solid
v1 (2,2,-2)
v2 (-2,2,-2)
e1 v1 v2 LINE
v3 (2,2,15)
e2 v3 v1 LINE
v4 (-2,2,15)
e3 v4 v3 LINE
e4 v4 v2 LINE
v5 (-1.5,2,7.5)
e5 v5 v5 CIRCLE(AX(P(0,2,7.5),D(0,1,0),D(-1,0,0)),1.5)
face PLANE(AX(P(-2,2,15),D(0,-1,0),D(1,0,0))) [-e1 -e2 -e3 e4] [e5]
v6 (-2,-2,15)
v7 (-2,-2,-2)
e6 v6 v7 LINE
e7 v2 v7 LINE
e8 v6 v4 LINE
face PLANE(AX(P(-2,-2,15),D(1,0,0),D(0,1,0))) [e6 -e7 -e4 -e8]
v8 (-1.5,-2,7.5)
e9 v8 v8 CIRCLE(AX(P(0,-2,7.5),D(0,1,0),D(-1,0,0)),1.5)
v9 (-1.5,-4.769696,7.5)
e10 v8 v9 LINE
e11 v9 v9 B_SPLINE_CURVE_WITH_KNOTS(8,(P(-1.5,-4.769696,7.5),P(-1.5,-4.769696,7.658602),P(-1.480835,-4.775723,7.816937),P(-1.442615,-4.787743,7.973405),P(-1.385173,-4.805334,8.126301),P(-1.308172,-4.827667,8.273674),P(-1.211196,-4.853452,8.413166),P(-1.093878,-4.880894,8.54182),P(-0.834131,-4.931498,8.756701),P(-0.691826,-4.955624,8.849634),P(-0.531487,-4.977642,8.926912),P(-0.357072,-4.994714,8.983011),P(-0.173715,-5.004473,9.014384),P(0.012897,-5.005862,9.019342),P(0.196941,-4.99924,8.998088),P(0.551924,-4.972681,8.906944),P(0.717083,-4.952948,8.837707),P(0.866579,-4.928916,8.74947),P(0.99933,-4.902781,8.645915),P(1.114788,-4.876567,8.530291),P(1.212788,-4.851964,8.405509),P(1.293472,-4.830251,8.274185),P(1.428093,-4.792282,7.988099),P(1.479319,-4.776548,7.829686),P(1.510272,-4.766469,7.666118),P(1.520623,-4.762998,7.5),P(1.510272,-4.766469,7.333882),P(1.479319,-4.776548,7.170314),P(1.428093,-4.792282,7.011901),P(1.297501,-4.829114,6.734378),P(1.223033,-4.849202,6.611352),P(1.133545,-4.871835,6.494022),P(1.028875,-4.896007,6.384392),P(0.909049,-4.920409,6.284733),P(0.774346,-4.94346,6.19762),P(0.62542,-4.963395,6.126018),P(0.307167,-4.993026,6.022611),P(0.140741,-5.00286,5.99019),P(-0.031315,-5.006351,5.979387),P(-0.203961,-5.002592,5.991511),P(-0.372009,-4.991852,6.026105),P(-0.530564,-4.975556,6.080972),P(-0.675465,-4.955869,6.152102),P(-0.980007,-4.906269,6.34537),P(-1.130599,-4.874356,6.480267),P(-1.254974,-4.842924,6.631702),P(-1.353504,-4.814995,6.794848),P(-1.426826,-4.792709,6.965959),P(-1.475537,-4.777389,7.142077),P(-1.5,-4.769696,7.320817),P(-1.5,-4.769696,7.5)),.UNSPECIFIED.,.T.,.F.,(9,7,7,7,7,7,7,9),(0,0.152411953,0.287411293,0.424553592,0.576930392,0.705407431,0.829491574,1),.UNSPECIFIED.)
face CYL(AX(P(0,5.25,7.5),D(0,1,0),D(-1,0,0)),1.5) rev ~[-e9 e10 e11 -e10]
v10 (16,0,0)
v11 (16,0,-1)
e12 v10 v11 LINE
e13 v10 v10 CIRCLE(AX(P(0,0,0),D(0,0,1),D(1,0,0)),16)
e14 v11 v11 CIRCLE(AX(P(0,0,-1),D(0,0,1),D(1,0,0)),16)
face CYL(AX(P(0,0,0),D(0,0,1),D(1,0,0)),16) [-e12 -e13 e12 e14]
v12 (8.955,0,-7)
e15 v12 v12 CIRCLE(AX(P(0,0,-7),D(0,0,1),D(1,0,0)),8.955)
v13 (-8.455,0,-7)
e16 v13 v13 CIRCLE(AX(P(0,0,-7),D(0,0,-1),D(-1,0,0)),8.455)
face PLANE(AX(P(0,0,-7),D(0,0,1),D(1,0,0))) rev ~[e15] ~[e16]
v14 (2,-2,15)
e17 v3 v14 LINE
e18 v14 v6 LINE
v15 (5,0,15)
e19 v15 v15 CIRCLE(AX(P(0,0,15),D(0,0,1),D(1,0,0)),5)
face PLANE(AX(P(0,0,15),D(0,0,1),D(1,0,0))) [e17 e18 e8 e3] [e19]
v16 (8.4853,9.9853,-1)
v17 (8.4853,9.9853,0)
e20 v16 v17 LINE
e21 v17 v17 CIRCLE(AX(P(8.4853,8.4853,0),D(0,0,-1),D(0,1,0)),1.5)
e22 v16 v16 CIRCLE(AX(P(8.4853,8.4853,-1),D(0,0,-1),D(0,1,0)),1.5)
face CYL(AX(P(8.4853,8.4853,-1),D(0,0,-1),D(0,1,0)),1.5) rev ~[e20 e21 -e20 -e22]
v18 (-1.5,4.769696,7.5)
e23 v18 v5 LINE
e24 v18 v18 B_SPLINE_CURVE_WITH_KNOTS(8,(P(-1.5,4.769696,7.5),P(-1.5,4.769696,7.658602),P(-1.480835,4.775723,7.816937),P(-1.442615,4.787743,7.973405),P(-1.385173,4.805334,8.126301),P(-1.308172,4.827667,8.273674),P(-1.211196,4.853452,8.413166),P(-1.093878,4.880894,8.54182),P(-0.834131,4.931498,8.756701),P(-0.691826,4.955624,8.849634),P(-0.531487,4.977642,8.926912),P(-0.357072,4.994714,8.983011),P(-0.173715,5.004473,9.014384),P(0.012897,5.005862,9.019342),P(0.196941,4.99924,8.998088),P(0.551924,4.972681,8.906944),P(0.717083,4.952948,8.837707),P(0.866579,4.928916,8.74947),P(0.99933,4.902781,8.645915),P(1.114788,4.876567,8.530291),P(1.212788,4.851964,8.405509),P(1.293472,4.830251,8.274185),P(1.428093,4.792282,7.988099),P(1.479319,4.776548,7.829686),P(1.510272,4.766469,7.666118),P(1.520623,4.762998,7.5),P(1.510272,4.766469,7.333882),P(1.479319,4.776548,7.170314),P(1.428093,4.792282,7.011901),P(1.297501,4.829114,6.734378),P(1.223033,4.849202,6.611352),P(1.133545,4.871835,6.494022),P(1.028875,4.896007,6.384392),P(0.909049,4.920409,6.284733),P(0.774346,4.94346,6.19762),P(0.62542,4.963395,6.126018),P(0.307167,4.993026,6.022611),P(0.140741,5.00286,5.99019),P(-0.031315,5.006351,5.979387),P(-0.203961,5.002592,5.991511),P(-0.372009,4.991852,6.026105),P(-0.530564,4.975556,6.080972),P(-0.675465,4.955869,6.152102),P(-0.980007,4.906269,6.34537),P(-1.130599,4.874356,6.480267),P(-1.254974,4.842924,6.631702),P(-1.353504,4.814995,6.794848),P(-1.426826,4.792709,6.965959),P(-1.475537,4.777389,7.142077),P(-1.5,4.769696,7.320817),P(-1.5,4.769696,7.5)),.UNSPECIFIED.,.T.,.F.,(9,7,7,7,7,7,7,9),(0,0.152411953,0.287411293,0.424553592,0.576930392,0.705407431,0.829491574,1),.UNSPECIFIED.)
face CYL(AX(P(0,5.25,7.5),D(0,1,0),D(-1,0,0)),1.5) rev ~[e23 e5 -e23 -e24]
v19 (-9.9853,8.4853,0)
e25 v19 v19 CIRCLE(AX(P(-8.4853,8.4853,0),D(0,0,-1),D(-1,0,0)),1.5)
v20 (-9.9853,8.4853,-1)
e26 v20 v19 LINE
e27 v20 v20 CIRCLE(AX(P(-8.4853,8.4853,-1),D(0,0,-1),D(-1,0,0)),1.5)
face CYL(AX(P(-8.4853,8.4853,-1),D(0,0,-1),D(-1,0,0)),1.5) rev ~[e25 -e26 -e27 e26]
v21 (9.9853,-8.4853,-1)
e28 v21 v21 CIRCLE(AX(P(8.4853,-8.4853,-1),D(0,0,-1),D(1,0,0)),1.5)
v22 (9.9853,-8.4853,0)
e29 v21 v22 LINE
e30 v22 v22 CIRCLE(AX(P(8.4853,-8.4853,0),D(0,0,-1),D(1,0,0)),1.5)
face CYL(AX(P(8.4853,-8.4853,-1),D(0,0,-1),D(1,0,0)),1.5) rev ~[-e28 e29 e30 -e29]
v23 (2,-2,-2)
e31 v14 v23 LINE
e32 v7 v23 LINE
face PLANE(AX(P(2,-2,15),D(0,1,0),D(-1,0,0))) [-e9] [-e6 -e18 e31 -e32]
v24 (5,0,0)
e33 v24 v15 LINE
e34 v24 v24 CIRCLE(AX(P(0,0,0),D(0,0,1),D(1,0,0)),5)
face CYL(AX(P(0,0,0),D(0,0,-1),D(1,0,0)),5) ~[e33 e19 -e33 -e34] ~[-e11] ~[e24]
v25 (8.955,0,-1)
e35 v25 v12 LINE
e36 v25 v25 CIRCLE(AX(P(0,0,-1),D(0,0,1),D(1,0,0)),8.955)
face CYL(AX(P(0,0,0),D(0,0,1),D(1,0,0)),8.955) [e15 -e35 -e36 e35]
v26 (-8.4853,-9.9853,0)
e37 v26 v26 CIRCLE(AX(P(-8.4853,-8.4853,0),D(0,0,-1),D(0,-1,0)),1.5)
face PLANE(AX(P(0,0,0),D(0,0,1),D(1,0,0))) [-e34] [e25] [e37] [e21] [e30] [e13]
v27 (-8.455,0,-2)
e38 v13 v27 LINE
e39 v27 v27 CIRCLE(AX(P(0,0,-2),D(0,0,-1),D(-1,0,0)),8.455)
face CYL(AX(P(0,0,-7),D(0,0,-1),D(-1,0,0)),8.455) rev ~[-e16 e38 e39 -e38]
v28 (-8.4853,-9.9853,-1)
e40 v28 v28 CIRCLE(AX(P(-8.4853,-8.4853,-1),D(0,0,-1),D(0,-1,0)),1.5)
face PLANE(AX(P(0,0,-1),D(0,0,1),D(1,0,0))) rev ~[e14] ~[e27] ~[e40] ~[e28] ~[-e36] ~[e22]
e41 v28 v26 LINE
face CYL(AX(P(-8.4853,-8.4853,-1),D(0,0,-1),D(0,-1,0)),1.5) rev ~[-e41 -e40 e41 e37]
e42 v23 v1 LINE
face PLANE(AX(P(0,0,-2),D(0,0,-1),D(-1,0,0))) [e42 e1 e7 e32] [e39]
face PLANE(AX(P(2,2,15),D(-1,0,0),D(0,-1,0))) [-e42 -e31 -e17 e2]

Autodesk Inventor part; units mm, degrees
ref_plane "YZ Plane" through (0, 0, 0) normal (1, 0, 0) x (0, 1, 0)
ref_plane "XY Plane" through (0, 0, 0) normal (0, 0, 1) x (1, 0, 0)
sketch "Sketch1" plane through (0, 0, 0) normal (0, 0, 1) x (1, 0, 0)
  circle A0 centre (0, 0) radius 16
  line L0 (0, 0) -> (0, 8.955)
  circle A1 centre (0, 0) radius 8.955
  dimension "d0" = 32
  dimension "d1" = 8.955
extrude "Extrusion1" add sketch "Sketch1" against normal blind 1 contours A0 | A1
extrude "Extrusion2" add sketch "Sketch1" against normal blind 7 contours A1
sketch "Sketch2" plane through (0, 0, -7) normal (0, 0, -1) x (-1, 0, 0)
  circle A0 centre (0, 0) radius 8.455
  dimension "d6" = 16.91
extrude "Extrusion3" cut sketch "Sketch2" against normal blind 5
sketch "Sketch3" plane through (0, 0, 0) normal (0, 0, 1) x (1, 0, 0)
  circle A0 centre (0, 0) radius 5
  dimension "d9" = 10
extrude "Extrusion4" add sketch "Sketch3" along normal blind 15
sketch "Sketch4" plane through (0, 0, 15) normal (0, 0, 1) x (1, 0, 0)
  line L0 (-2, 2) -> (2, 2)
  line L1 (2, 2) -> (2, -2)
  line L2 (2, -2) -> (-2, -2)
  line L3 (-2, -2) -> (-2, 2)
  line L4 (-2, 2) -> (2, -2) construction
  line L5 (2, 2) -> (-2, -2) construction
  point P0 (0, 0)
  dimension "d12" = 4
  dimension "d13" = 4
extrude "Extrusion5" cut sketch "Sketch4" against normal through all
ref_plane "Work Plane1" through (0, 5.25, 0) normal (0, 1, 0) x (-1, 0, 0)
sketch "Sketch5" plane through (0, 5.25, 0) normal (0, 1, 0) x (-1, 0, 0)
  circle A0 centre (0, 7.5) radius 1.5
  point P0 (0, 0)
  dimension "d17" = 3
extrude "Extrusion6" cut sketch "Sketch5" against normal through all
thread "Thread1" size "M3x0.5" class "6H" standard "ANSI Metric M Profile" full length
thread "Thread2" size "M3x0.5" class "6H" standard "ANSI Metric M Profile" full length
sketch "Sketch7" plane through (0, 0, -1) normal (0, 0, -1) x (-1, 0, 0)
  circle A0 centre (0, 0) radius 5 projected
  line L0 (0, 0) -> (8.4853, 8.4853)
  line L1 (0, 0) -> (12, 0) construction
  circle A1 centre (8.4853, 8.4853) radius 1.5
  dimension "d24" = 12
  dimension "d25" = 45
  dimension "d26" = 3
extrude "Extrusion7" cut sketch "Sketch7" against normal through all contours A1
thread "Thread3" size "M3x0.5" class "6H" standard "ANSI Metric M Profile" full length
pattern_circular "Circular Pattern1" count 4 over 360 about axis through (0, 0, 0) along (0, 0, -1) of "Extrusion7"
thread "Thread4" size "M3x0.5" class "6H" standard "ANSI Metric M Profile" full length
thread "Thread5" size "M3x0.5" class "6H" standard "ANSI Metric M Profile" full length
thread "Thread6" size "M3x0.5" class "6H" standard "ANSI Metric M Profile" full length
properties part number "tuk-tukan" material "Stainless Steel"
